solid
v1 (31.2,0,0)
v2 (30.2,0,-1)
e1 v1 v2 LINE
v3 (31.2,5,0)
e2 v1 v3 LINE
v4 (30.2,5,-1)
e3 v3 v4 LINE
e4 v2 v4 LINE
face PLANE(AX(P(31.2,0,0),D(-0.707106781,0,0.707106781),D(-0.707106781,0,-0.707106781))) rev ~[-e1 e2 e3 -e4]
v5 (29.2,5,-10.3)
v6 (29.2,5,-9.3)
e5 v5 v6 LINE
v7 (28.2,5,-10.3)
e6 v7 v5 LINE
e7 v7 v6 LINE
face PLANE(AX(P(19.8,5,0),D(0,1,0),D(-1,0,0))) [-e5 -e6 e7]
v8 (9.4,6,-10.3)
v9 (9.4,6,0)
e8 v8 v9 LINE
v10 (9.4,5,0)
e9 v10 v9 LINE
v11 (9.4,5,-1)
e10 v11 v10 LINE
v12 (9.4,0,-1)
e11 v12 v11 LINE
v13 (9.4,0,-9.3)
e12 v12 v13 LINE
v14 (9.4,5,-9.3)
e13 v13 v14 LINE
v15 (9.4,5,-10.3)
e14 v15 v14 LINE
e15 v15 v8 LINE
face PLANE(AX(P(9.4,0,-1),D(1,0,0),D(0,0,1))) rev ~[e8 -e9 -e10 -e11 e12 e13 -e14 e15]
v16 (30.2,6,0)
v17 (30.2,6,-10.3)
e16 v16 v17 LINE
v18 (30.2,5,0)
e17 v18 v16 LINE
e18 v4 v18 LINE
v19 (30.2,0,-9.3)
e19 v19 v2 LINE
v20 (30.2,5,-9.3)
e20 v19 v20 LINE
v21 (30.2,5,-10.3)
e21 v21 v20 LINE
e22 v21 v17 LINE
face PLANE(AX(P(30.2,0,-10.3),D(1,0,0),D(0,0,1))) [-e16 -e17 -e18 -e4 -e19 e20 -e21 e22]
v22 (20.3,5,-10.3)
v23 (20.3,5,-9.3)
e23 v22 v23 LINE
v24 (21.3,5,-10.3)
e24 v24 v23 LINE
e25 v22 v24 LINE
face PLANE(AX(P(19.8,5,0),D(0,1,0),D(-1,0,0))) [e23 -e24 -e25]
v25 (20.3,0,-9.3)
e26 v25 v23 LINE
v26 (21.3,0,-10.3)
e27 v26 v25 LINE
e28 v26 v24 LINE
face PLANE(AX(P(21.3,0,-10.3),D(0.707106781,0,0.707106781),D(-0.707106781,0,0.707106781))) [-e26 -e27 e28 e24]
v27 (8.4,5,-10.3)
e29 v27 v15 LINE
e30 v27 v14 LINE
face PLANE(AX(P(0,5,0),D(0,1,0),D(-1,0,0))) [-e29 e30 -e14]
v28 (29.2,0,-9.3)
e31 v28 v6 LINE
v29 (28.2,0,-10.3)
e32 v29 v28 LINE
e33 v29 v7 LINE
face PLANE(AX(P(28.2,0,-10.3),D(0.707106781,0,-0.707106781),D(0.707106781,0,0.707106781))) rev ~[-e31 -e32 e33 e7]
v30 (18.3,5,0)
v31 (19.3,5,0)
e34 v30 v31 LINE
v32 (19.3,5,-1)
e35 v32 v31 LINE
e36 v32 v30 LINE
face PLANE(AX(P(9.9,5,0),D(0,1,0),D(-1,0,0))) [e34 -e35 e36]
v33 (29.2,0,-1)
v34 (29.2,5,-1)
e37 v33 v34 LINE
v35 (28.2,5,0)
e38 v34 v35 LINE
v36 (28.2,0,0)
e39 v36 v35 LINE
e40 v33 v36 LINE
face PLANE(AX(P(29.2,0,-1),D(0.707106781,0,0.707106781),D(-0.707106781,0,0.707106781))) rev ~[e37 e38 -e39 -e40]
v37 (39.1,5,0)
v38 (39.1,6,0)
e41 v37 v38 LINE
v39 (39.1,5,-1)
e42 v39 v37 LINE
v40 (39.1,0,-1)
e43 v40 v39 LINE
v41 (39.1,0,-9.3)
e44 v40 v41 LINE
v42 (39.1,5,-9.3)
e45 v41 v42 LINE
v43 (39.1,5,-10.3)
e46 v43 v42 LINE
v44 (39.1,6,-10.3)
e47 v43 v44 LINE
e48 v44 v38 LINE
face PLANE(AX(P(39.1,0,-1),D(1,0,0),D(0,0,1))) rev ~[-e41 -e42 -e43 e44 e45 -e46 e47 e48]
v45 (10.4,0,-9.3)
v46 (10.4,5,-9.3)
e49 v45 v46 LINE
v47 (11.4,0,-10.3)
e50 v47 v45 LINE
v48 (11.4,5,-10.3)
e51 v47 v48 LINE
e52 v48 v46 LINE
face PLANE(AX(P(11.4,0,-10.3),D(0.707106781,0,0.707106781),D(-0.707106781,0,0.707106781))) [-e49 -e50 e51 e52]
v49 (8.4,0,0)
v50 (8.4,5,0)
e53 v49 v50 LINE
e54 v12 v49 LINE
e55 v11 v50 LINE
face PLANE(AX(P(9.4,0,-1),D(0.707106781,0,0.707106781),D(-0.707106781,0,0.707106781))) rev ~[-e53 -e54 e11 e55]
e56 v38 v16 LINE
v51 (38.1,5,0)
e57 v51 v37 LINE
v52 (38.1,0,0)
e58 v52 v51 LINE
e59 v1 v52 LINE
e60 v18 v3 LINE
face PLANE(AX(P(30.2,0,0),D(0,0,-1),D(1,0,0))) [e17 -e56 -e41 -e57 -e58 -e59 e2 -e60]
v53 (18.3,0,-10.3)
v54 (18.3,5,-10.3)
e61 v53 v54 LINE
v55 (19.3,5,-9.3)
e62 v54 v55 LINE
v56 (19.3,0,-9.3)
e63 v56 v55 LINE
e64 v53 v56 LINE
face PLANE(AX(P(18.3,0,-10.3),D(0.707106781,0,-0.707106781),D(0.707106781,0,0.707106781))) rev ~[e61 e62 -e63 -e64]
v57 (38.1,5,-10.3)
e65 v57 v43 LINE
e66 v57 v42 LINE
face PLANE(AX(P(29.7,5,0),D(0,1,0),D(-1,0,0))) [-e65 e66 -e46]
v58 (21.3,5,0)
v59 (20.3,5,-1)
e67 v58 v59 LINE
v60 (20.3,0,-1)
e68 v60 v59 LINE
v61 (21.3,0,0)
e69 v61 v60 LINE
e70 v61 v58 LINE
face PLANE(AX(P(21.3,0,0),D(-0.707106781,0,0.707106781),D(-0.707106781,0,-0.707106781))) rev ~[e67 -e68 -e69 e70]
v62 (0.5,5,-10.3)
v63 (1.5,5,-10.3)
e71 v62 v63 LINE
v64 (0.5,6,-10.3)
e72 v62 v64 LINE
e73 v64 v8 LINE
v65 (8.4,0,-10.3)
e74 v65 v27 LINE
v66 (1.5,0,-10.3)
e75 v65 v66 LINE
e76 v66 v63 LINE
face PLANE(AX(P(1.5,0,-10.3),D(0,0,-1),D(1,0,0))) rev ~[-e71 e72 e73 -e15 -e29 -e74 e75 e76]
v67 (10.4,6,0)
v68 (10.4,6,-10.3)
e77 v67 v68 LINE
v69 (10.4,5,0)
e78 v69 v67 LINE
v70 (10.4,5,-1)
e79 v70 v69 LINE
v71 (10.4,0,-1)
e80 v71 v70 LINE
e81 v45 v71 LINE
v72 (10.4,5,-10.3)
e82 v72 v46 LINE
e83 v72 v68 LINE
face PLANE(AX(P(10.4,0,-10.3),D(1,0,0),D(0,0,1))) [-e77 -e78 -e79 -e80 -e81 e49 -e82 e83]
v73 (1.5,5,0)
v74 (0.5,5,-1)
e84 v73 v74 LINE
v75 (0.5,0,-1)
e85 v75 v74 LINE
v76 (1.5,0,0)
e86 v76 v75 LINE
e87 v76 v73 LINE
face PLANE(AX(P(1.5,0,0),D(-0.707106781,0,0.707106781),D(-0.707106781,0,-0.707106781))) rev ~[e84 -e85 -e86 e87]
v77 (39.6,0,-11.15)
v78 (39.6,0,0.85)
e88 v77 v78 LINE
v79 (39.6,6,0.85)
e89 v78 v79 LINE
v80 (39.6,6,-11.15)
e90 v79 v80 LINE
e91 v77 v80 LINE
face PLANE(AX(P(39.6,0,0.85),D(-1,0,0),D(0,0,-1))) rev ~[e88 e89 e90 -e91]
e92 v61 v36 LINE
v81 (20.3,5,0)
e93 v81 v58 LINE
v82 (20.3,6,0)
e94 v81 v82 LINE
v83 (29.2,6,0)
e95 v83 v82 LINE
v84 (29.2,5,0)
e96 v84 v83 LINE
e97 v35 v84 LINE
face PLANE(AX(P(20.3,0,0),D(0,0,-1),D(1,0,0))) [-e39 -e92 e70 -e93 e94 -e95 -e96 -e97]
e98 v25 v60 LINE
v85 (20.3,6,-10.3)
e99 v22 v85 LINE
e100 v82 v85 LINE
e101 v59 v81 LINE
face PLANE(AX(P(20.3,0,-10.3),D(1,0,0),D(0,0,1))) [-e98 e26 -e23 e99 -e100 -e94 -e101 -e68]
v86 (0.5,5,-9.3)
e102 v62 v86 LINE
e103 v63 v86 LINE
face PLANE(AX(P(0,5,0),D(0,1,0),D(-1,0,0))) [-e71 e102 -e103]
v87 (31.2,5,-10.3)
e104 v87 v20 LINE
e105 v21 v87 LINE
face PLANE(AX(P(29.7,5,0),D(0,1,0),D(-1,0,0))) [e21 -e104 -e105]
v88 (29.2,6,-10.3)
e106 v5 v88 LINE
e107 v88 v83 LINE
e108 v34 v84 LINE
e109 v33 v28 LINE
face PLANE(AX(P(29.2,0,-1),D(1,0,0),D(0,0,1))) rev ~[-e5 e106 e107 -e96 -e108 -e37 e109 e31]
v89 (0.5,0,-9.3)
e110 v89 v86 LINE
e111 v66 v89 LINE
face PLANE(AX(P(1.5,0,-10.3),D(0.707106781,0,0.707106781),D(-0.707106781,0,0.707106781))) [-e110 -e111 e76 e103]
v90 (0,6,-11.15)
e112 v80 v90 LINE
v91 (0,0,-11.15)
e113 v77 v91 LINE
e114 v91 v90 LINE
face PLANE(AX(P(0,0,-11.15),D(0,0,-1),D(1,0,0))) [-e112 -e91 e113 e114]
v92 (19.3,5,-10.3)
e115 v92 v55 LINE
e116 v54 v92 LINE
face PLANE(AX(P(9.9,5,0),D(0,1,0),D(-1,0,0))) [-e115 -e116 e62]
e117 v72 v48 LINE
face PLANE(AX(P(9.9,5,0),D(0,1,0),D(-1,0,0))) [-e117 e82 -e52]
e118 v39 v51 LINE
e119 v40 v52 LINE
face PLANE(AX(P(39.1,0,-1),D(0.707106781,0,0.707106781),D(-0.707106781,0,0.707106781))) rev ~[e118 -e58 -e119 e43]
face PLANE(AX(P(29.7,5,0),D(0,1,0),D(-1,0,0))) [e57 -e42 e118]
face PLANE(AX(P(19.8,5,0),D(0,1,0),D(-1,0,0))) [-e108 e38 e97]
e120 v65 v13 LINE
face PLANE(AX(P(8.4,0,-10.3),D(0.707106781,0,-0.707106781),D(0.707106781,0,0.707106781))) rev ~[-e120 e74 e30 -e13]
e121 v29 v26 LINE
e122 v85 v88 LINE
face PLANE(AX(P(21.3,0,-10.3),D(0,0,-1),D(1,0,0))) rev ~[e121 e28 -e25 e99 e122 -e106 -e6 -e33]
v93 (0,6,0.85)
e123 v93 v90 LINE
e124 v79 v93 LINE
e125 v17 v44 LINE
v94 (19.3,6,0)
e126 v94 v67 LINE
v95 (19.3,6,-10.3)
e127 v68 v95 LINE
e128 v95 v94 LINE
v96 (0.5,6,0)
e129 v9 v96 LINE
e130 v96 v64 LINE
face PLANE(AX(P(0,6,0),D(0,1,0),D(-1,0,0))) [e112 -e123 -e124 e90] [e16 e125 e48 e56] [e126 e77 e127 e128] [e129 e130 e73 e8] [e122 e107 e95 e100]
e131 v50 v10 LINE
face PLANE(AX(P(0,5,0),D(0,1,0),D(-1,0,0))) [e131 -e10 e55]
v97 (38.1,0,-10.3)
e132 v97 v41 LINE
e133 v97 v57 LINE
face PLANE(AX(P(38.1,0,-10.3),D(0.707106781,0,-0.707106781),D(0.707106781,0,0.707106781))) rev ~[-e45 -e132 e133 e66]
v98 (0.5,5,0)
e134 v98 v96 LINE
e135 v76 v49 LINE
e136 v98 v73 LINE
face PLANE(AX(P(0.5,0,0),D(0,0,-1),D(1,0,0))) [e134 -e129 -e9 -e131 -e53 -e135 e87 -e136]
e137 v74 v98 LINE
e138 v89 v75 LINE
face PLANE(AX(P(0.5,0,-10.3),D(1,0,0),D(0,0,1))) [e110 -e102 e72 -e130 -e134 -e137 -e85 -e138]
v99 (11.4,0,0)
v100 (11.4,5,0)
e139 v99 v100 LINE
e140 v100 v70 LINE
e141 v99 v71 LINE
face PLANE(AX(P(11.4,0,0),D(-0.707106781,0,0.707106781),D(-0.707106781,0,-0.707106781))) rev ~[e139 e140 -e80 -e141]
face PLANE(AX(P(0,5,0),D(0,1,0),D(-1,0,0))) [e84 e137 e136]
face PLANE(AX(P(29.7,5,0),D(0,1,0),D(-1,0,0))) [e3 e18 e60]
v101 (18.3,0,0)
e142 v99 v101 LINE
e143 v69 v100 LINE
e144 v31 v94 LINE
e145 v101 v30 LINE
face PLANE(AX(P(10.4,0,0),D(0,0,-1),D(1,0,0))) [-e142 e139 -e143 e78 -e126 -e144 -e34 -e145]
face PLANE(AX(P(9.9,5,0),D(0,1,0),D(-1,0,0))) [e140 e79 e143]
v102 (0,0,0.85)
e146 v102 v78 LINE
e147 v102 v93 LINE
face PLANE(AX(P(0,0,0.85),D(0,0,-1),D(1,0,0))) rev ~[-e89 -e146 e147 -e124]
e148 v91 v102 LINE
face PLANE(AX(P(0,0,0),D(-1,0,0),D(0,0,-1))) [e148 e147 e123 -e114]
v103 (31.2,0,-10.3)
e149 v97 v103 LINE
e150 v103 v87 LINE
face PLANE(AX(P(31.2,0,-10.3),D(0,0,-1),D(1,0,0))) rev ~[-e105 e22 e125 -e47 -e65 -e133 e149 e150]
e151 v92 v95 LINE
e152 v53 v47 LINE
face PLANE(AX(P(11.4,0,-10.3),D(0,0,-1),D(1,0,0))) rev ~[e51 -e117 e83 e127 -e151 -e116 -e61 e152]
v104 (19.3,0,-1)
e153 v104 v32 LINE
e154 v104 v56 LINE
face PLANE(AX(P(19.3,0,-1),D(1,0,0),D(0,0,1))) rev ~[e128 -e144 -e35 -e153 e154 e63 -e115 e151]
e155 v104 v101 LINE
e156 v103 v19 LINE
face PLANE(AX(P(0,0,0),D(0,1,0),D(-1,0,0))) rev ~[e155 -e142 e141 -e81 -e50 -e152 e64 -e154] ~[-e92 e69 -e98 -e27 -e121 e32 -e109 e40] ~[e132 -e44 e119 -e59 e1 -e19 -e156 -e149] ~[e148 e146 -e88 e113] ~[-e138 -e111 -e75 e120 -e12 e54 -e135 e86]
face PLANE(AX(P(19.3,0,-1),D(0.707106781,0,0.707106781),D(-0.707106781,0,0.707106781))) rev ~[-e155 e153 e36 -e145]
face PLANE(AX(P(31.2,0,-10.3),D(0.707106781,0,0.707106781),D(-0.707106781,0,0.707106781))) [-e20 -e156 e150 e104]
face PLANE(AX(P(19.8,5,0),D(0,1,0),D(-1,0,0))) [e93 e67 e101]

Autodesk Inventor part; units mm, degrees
ref_plane "YZ Plane" through (0, 0, 0) normal (1, 0, 0) x (0, 1, 0)
ref_plane "XZ Plane" through (0, 0, 0) normal (0, 1, 0) x (-1, 0, 0)
ref_plane "XY Plane" through (0, 0, 0) normal (0, 0, 1) x (1, 0, 0)
sketch "Sketch1" plane through (0, 0, 0) normal (0, 1, 0) x (-1, 0, 0)
  line L0 (0, 0) -> (-9.9, 0)
  line L1 (0, 0) -> (0, -10.3)
  line L2 (0, -10.3) -> (-9.9, -10.3)
  line L3 (-9.9, -10.3) -> (-9.9, 0)
  line L4 (-9.9, -10.3) -> (-9.4, -10.3)
  line L5 (-9.4, -10.3) -> (-9.4, 0)
  line L6 (0, -10.3) -> (-0.5, -10.3)
  line L7 (-0.5, -10.3) -> (-0.5, 0)
  line L8 (-0.5, 0.85) -> (-9.9, 0.85)
  line L9 (-9.9, 0.85) -> (-9.9, 0)
  line L10 (0, 0) -> (0, 0.85)
  line L11 (0, 0.85) -> (-0.5, 0.85)
  line L12 (0, -10.3) -> (0, -11.15)
  line L13 (0, -11.15) -> (-9.9, -11.15)
  line L14 (-9.9, -11.15) -> (-9.9, -10.3)
  line L15 (-9.9, -11.15) -> (-19.8, -11.15)
  line L16 (-19.8, -11.15) -> (-19.8, -10.3)
  line L17 (-19.8, -10.3) -> (-19.8, 0)
  line L18 (-19.3, -10.3) -> (-19.3, 0)
  line L19 (-9.9, -10.3) -> (-19.8, -10.3)
  line L20 (-10.4, -10.3) -> (-10.4, 0)
  line L21 (-9.9, 0) -> (-9.9, -10.3)
  line L22 (-9.9, 0) -> (-9.9, 0.85)
  line L23 (-9.9, 0.85) -> (-10.4, 0.85)
  line L24 (-10.4, 0.85) -> (-19.8, 0.85)
  line L25 (-9.9, 0) -> (-19.8, 0)
  line L26 (-19.8, 0.85) -> (-19.8, 0)
  line L27 (-19.8, -11.15) -> (-29.7, -11.15)
  line L28 (-29.7, -11.15) -> (-29.7, -10.3)
  line L29 (-29.7, -10.3) -> (-29.7, 0)
  line L30 (-29.2, -10.3) -> (-29.2, 0)
  line L31 (-19.8, -10.3) -> (-29.7, -10.3)
  line L32 (-20.3, -10.3) -> (-20.3, 0)
  line L33 (-19.8, 0) -> (-19.8, -10.3)
  line L34 (-19.8, 0) -> (-19.8, 0.85)
  line L35 (-19.8, 0.85) -> (-20.3, 0.85)
  line L36 (-20.3, 0.85) -> (-29.7, 0.85)
  line L37 (-19.8, 0) -> (-29.7, 0)
  line L38 (-29.7, 0.85) -> (-29.7, 0)
  line L39 (-29.7, -11.15) -> (-39.6, -11.15)
  line L40 (-39.6, -11.15) -> (-39.6, -10.3)
  line L41 (-39.6, -10.3) -> (-39.6, 0)
  line L42 (-39.1, -10.3) -> (-39.1, 0)
  line L43 (-29.7, -10.3) -> (-39.6, -10.3)
  line L44 (-30.2, -10.3) -> (-30.2, 0)
  line L45 (-29.7, 0) -> (-29.7, -10.3)
  line L46 (-29.7, 0) -> (-29.7, 0.85)
  line L47 (-29.7, 0.85) -> (-30.2, 0.85)
  line L48 (-30.2, 0.85) -> (-39.6, 0.85)
  line L49 (-29.7, 0) -> (-39.6, 0)
  line L50 (-39.6, 0.85) -> (-39.6, 0)
  line L51 (-39.6, -11.15) -> (-49.5, -11.15)
  line L52 (-49.5, -11.15) -> (-49.5, -10.3)
  line L53 (-49.5, -10.3) -> (-49.5, 0)
  line L54 (-49, -10.3) -> (-49, 0)
  line L55 (-39.6, -10.3) -> (-49.5, -10.3)
  line L56 (-40.1, -10.3) -> (-40.1, 0)
  line L57 (-39.6, 0) -> (-39.6, -10.3)
  line L58 (-39.6, 0) -> (-39.6, 0.85)
  line L59 (-39.6, 0.85) -> (-40.1, 0.85)
  line L60 (-40.1, 0.85) -> (-49.5, 0.85)
  line L61 (-39.6, 0) -> (-49.5, 0)
  line L62 (-49.5, 0.85) -> (-49.5, 0)
  line L63 (-49.5, -11.15) -> (-59.4, -11.15)
  line L64 (-59.4, -11.15) -> (-59.4, -10.3)
  line L65 (-59.4, -10.3) -> (-59.4, 0)
  line L66 (-58.9, -10.3) -> (-58.9, 0)
  line L67 (-49.5, -10.3) -> (-59.4, -10.3)
  line L68 (-50, -10.3) -> (-50, 0)
  line L69 (-49.5, 0) -> (-49.5, -10.3)
  line L70 (-49.5, 0) -> (-49.5, 0.85)
  line L71 (-49.5, 0.85) -> (-50, 0.85)
  line L72 (-50, 0.85) -> (-59.4, 0.85)
  line L73 (-49.5, 0) -> (-59.4, 0)
  line L74 (-59.4, 0.85) -> (-59.4, 0)
  line L75 (-59.4, -11.15) -> (-69.3, -11.15)
  line L76 (-69.3, -11.15) -> (-69.3, -10.3)
  line L77 (-69.3, -10.3) -> (-69.3, 0)
  line L78 (-68.8, -10.3) -> (-68.8, 0)
  line L79 (-59.4, -10.3) -> (-69.3, -10.3)
  line L80 (-59.9, -10.3) -> (-59.9, 0)
  line L81 (-59.4, 0) -> (-59.4, -10.3)
  line L82 (-59.4, 0) -> (-59.4, 0.85)
  line L83 (-59.4, 0.85) -> (-59.9, 0.85)
  line L84 (-59.9, 0.85) -> (-69.3, 0.85)
  line L85 (-59.4, 0) -> (-69.3, 0)
  line L86 (-69.3, 0.85) -> (-69.3, 0)
  line L87 (-69.3, -11.15) -> (-79.2, -11.15)
  line L88 (-79.2, -11.15) -> (-79.2, -10.3)
  line L89 (-79.2, -10.3) -> (-79.2, 0)
  line L90 (-78.7, -10.3) -> (-78.7, 0)
  line L91 (-69.3, -10.3) -> (-79.2, -10.3)
  line L92 (-69.8, -10.3) -> (-69.8, 0)
  line L93 (-69.3, 0) -> (-69.3, -10.3)
  line L94 (-69.3, 0) -> (-69.3, 0.85)
  line L95 (-69.3, 0.85) -> (-69.8, 0.85)
  line L96 (-69.8, 0.85) -> (-79.2, 0.85)
  line L97 (-69.3, 0) -> (-79.2, 0)
  line L98 (-79.2, 0.85) -> (-79.2, 0)
  line L99 (-79.2, -11.15) -> (-89.1, -11.15)
  line L100 (-89.1, -11.15) -> (-89.1, -10.3)
  line L101 (-89.1, -10.3) -> (-89.1, 0)
  line L102 (-88.6, -10.3) -> (-88.6, 0)
  line L103 (-79.2, -10.3) -> (-89.1, -10.3)
  line L104 (-79.7, -10.3) -> (-79.7, 0)
  line L105 (-79.2, 0) -> (-79.2, -10.3)
  line L106 (-79.2, 0) -> (-79.2, 0.85)
  line L107 (-79.2, 0.85) -> (-79.7, 0.85)
  line L108 (-79.7, 0.85) -> (-89.1, 0.85)
  line L109 (-79.2, 0) -> (-89.1, 0)
  line L110 (-89.1, 0.85) -> (-89.1, 0)
  line L111 (-89.1, -11.15) -> (-99, -11.15)
  line L112 (-99, -11.15) -> (-99, -10.3)
  line L113 (-99, -10.3) -> (-99, 0)
  line L114 (-98.5, -10.3) -> (-98.5, 0)
  line L115 (-89.1, -10.3) -> (-99, -10.3)
  line L116 (-89.6, -10.3) -> (-89.6, 0)
  line L117 (-89.1, 0) -> (-89.1, -10.3)
  line L118 (-89.1, 0) -> (-89.1, 0.85)
  line L119 (-89.1, 0.85) -> (-89.6, 0.85)
  line L120 (-89.6, 0.85) -> (-99, 0.85)
  line L121 (-89.1, 0) -> (-99, 0)
  line L122 (-99, 0.85) -> (-99, 0)
  line L123 (0, -11.15) -> (0, 0.85)
  line L124 (0, -11.15) -> (0, -12.65)
  line L125 (0, -12.65) -> (1.5, -12.65)
  line L126 (-99, 0.85) -> (-100.5, 0.85)
  line L127 (-100.5, 0.85) -> (-100.5, 2.35)
  line L128 (1.5, -12.65) -> (-100.5, -12.65)
  line L129 (-100.5, -12.65) -> (-100.5, 2.35)
  line L130 (-100.5, 2.35) -> (1.5, 2.35)
  line L131 (1.5, 2.35) -> (1.5, -12.65)
  line L132 (0, -11.15) -> (1.5, -11.15)
  line L133 (0, 0.85) -> (1.5, 0.85)
  line L134 (0, -11.15) -> (-2, -11.15)
  line L135 (-2, -11.15) -> (-2, 0.85)
  line L136 (-0.5, -10.3) -> (-1.5, -10.3)
  line L137 (-1.5, -10.3) -> (-0.5, -9.3)
  line L138 (-9.4, -10.3) -> (-8.4, -10.3)
  line L139 (-8.4, -10.3) -> (-9.4, -9.3)
  line L140 (-9.4, 0) -> (-9.4, -1)
  line L141 (-9.4, -1) -> (-8.4, 0)
  line L142 (-2, 0) -> (-3, 0)
  line L143 (-0.5, 0) -> (-1.5, 0)
  line L144 (-1.5, 0) -> (-0.5, -1)
  dimension "d0" = 9.9
  dimension "d1" = 10.3
  dimension "d2" = 0.5
  dimension "d3" = 0.5
  dimension "d6" = 0.85
  dimension "d7" = 0.85
  dimension "d10" = 9.9
  dimension "d15" = 1.5
  dimension "d16" = 1.5
  dimension "d19" = 1.5
  dimension "d20" = 2
  dimension "d26" = 1
  dimension "d27" = 45
  dimension "d28" = 1
  dimension "d29" = 1
  dimension "d30" = 1
  dimension "d31" = 1
extrude "Extrusion1" add sketch "Sketch1" along normal blind 6 contours L1 L2 L7 L0 | L0 L135 L8 L11 L10 | L12 L13 L135 L2 | L0 L9 L8 L135 | L13 L14 L2 L135 | L3 L0 L5 L2
extrude "Extrusion2" add sketch "Sketch1" along normal blind 5 contours L7 L144 L0 | L2 L137 L7 | L141 L5 L0 | L2 L5 L139
pattern_linear "Rectangular Pattern1" count 4 spacing 9.9 along (1, 0, 0) of "Extrusion1", "Extrusion2"
equation "\"d25\" = d10"
properties part number "4x led strip divider"
